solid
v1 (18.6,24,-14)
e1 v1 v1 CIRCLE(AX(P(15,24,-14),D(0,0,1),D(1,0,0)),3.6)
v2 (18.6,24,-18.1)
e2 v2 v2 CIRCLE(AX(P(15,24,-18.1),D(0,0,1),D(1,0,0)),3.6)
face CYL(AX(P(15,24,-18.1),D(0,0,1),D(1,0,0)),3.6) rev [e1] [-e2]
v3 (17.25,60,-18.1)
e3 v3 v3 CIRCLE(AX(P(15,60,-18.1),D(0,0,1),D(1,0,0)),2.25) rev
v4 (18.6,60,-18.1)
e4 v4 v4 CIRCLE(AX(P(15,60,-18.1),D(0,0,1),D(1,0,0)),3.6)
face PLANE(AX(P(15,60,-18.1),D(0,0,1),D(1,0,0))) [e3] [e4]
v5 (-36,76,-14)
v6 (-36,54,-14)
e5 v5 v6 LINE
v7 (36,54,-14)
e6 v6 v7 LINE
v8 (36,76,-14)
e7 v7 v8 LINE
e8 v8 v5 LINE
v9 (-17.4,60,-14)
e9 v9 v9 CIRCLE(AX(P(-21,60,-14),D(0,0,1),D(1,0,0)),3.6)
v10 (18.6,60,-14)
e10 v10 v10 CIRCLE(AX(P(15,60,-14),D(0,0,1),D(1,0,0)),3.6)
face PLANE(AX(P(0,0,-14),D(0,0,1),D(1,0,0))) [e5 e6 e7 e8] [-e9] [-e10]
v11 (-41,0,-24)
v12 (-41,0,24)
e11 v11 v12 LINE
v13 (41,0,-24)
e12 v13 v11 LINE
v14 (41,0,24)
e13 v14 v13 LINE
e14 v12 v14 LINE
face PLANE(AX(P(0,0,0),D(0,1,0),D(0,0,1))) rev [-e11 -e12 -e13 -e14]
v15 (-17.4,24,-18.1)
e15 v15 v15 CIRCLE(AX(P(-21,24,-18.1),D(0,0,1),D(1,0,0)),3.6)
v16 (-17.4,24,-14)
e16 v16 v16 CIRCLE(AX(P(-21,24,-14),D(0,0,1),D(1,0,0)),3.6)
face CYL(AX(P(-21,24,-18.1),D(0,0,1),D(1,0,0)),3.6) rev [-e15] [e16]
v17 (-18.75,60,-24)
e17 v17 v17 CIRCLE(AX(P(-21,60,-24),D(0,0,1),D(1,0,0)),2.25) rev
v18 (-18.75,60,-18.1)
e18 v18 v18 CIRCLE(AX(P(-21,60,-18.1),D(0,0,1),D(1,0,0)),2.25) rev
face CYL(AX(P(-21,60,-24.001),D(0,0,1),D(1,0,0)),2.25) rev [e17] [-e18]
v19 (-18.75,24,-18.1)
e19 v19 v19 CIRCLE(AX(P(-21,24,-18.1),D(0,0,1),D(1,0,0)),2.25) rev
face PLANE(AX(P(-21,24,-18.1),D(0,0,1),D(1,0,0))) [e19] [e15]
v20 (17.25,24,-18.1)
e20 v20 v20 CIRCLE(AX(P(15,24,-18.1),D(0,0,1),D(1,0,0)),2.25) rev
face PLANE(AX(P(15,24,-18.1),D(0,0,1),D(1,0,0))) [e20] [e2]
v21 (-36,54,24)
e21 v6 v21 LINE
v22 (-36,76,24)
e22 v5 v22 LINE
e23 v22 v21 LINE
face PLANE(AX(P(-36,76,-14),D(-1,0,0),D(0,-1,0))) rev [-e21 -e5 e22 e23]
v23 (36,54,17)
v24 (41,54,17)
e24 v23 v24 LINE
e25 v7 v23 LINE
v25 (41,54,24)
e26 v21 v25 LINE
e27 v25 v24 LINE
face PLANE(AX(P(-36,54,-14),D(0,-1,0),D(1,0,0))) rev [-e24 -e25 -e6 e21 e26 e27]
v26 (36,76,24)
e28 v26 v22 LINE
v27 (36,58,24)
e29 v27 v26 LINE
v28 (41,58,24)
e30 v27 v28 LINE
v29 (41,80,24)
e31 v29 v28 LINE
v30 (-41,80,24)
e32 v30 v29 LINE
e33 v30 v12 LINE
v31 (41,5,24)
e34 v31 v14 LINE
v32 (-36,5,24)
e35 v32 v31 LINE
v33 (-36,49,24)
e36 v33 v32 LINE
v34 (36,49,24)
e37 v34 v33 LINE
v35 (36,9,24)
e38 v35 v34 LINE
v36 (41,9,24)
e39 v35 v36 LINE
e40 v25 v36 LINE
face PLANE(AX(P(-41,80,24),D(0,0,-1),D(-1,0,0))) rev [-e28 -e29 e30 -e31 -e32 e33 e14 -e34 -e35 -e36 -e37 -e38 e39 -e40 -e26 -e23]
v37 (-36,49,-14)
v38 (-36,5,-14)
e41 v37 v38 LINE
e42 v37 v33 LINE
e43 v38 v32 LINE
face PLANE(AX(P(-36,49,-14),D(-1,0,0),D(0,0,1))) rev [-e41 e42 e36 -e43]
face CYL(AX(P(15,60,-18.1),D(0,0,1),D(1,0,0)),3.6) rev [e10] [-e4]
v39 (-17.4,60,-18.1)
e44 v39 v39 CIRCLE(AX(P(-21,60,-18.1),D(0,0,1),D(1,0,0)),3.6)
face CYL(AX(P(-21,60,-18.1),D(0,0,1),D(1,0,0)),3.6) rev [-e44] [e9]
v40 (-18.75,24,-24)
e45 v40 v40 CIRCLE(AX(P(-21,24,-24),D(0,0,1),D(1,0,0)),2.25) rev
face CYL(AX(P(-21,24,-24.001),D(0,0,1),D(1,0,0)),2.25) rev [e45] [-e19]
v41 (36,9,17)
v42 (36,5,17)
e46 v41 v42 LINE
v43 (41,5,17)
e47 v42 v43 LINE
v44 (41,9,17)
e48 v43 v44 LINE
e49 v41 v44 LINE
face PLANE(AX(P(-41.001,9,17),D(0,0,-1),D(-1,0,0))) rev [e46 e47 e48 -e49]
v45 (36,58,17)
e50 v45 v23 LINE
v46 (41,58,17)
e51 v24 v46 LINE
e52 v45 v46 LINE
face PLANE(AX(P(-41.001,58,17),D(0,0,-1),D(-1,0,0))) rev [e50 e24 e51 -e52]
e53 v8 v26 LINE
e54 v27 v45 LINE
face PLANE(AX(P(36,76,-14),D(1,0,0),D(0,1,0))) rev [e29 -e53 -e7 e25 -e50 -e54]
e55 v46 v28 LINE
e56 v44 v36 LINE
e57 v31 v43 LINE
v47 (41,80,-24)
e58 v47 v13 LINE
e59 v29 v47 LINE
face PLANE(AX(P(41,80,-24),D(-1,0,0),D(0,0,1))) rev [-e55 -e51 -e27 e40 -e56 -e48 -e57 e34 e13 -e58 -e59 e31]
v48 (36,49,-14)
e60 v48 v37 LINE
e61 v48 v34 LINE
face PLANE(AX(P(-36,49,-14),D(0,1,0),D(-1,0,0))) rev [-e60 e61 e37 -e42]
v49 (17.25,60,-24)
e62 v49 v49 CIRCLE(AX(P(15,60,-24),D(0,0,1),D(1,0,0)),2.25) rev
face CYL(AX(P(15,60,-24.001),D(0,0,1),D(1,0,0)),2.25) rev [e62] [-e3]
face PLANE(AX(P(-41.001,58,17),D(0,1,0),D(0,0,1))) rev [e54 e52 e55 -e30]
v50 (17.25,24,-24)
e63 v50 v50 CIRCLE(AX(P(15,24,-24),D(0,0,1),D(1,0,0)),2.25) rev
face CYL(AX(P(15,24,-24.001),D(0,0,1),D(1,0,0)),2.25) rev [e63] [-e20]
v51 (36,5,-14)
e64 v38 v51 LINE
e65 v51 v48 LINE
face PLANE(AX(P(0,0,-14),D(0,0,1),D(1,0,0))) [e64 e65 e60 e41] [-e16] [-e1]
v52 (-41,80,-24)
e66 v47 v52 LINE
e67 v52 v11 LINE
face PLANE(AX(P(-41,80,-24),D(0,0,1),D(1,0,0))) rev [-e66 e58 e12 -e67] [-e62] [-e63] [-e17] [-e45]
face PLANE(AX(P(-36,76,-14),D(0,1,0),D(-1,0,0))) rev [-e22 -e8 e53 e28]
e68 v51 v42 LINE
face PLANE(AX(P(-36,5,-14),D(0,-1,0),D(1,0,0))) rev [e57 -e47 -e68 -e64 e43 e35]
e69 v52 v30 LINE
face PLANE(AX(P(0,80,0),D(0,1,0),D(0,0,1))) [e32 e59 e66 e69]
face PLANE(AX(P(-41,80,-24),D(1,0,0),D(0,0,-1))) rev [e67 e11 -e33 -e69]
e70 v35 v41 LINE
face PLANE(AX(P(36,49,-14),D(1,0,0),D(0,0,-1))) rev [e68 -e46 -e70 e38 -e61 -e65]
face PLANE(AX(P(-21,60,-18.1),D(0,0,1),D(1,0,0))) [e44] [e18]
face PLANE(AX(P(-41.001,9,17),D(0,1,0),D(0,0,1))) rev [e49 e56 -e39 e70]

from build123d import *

# Parameters (mm, degrees)
SKETCH_1_W          = 82
SKETCH_1_H          = 48
EXTRUDE_1_DEPTH     = 80
SKETCH_2_W          = 72
SKETCH_2_H          = 44
SKETCH_2_H_2        = 22
CUT_EXTRUDE_1_DEPTH = 38
CUT_EXTRUDE_2_REACH = 84
SKETCH_3_W          = 7
SKETCH_3_H          = 4
SKETCH_5_R          = 3.6
CUT_EXTRUDE_3_DEPTH = 4.1
CUT_EXTRUDE_4_REACH = 12
SKETCH_6_R          = 2.25


with BuildPart() as part:
    # 草圖1 → 填料-伸長1 (new body)
    with BuildSketch(Plane(origin=(0, 0, 0), x_dir=(1, 0, 0), z_dir=(0, 1, 0))):
        Rectangle(SKETCH_1_W, SKETCH_1_H)
    extrude(amount=EXTRUDE_1_DEPTH)

    # 草圖2 → 除料-伸長1 (cut)
    with BuildSketch(Plane.XY.offset(24)):
        with Locations((0, 27)):
            Rectangle(SKETCH_2_W, SKETCH_2_H)
        with Locations((0, 65)):
            Rectangle(SKETCH_2_W, SKETCH_2_H_2)
    extrude(amount=-CUT_EXTRUDE_1_DEPTH, mode=Mode.SUBTRACT)

    # 草圖3 → 除料-伸長2 (cut, up to next)
    with BuildSketch(Plane(origin=(41, 0, 0), x_dir=(0, 0, -1), z_dir=(1, 0, 0)), mode=Mode.PRIVATE) as cut_extrude_2_sk1:
        with Locations((-20.5, 7)):
            Rectangle(SKETCH_3_W, SKETCH_3_H)
    cut_extrude_2_tool1 = extrude(cut_extrude_2_sk1.sketch, amount=-CUT_EXTRUDE_2_REACH, mode=Mode.PRIVATE) & part.part
    add(cut_extrude_2_tool1.solids().sort_by_distance((41, 7, 20.5))[0], mode=Mode.SUBTRACT)
    # 草圖3 → 除料-伸長2 (cut, up to next)
    with BuildSketch(Plane(origin=(41, 0, 0), x_dir=(0, 0, -1), z_dir=(1, 0, 0)), mode=Mode.PRIVATE) as cut_extrude_2_sk2:
        with Locations((-20.5, 56)):
            Rectangle(SKETCH_3_W, SKETCH_3_H)
    cut_extrude_2_tool2 = extrude(cut_extrude_2_sk2.sketch, amount=-CUT_EXTRUDE_2_REACH, mode=Mode.PRIVATE) & part.part
    add(cut_extrude_2_tool2.solids().sort_by_distance((41, 56, 20.5))[0], mode=Mode.SUBTRACT)

    # 草圖5 → 除料-伸長3 (cut)
    with BuildSketch(Plane.XY.offset(-14)):
        with Locations((-21, 60)):
            Circle(SKETCH_5_R)
        with Locations((15, 60)):
            Circle(SKETCH_5_R)
        with Locations((15, 24)):
            Circle(SKETCH_5_R)
        with Locations((-21, 24)):
            Circle(SKETCH_5_R)
    extrude(amount=-CUT_EXTRUDE_3_DEPTH, mode=Mode.SUBTRACT)

    # 草圖6 → 除料-伸長4 (cut, up to next)
    with BuildSketch(Plane.XY.offset(-14), mode=Mode.PRIVATE) as cut_extrude_4_sk1:
        with Locations((-21, 60)):
            Circle(SKETCH_6_R)
    cut_extrude_4_tool1 = extrude(cut_extrude_4_sk1.sketch, amount=-CUT_EXTRUDE_4_REACH, mode=Mode.PRIVATE) & part.part
    add(cut_extrude_4_tool1.solids().sort_by_distance((-21, 60, -14))[0], mode=Mode.SUBTRACT)
    # 草圖6 → 除料-伸長4 (cut, up to next)
    with BuildSketch(Plane.XY.offset(-14), mode=Mode.PRIVATE) as cut_extrude_4_sk2:
        with Locations((15, 60)):
            Circle(SKETCH_6_R)
    cut_extrude_4_tool2 = extrude(cut_extrude_4_sk2.sketch, amount=-CUT_EXTRUDE_4_REACH, mode=Mode.PRIVATE) & part.part
    add(cut_extrude_4_tool2.solids().sort_by_distance((15, 60, -14))[0], mode=Mode.SUBTRACT)
    # 草圖6 → 除料-伸長4 (cut, up to next)
    with BuildSketch(Plane.XY.offset(-14), mode=Mode.PRIVATE) as cut_extrude_4_sk3:
        with Locations((15, 24)):
            Circle(SKETCH_6_R)
    cut_extrude_4_tool3 = extrude(cut_extrude_4_sk3.sketch, amount=-CUT_EXTRUDE_4_REACH, mode=Mode.PRIVATE) & part.part
    add(cut_extrude_4_tool3.solids().sort_by_distance((15, 24, -14))[0], mode=Mode.SUBTRACT)
    # 草圖6 → 除料-伸長4 (cut, up to next)
    with BuildSketch(Plane.XY.offset(-14), mode=Mode.PRIVATE) as cut_extrude_4_sk4:
        with Locations((-21, 24)):
            Circle(SKETCH_6_R)
    cut_extrude_4_tool4 = extrude(cut_extrude_4_sk4.sketch, amount=-CUT_EXTRUDE_4_REACH, mode=Mode.PRIVATE) & part.part
    add(cut_extrude_4_tool4.solids().sort_by_distance((-21, 24, -14))[0], mode=Mode.SUBTRACT)


solid = part.part
